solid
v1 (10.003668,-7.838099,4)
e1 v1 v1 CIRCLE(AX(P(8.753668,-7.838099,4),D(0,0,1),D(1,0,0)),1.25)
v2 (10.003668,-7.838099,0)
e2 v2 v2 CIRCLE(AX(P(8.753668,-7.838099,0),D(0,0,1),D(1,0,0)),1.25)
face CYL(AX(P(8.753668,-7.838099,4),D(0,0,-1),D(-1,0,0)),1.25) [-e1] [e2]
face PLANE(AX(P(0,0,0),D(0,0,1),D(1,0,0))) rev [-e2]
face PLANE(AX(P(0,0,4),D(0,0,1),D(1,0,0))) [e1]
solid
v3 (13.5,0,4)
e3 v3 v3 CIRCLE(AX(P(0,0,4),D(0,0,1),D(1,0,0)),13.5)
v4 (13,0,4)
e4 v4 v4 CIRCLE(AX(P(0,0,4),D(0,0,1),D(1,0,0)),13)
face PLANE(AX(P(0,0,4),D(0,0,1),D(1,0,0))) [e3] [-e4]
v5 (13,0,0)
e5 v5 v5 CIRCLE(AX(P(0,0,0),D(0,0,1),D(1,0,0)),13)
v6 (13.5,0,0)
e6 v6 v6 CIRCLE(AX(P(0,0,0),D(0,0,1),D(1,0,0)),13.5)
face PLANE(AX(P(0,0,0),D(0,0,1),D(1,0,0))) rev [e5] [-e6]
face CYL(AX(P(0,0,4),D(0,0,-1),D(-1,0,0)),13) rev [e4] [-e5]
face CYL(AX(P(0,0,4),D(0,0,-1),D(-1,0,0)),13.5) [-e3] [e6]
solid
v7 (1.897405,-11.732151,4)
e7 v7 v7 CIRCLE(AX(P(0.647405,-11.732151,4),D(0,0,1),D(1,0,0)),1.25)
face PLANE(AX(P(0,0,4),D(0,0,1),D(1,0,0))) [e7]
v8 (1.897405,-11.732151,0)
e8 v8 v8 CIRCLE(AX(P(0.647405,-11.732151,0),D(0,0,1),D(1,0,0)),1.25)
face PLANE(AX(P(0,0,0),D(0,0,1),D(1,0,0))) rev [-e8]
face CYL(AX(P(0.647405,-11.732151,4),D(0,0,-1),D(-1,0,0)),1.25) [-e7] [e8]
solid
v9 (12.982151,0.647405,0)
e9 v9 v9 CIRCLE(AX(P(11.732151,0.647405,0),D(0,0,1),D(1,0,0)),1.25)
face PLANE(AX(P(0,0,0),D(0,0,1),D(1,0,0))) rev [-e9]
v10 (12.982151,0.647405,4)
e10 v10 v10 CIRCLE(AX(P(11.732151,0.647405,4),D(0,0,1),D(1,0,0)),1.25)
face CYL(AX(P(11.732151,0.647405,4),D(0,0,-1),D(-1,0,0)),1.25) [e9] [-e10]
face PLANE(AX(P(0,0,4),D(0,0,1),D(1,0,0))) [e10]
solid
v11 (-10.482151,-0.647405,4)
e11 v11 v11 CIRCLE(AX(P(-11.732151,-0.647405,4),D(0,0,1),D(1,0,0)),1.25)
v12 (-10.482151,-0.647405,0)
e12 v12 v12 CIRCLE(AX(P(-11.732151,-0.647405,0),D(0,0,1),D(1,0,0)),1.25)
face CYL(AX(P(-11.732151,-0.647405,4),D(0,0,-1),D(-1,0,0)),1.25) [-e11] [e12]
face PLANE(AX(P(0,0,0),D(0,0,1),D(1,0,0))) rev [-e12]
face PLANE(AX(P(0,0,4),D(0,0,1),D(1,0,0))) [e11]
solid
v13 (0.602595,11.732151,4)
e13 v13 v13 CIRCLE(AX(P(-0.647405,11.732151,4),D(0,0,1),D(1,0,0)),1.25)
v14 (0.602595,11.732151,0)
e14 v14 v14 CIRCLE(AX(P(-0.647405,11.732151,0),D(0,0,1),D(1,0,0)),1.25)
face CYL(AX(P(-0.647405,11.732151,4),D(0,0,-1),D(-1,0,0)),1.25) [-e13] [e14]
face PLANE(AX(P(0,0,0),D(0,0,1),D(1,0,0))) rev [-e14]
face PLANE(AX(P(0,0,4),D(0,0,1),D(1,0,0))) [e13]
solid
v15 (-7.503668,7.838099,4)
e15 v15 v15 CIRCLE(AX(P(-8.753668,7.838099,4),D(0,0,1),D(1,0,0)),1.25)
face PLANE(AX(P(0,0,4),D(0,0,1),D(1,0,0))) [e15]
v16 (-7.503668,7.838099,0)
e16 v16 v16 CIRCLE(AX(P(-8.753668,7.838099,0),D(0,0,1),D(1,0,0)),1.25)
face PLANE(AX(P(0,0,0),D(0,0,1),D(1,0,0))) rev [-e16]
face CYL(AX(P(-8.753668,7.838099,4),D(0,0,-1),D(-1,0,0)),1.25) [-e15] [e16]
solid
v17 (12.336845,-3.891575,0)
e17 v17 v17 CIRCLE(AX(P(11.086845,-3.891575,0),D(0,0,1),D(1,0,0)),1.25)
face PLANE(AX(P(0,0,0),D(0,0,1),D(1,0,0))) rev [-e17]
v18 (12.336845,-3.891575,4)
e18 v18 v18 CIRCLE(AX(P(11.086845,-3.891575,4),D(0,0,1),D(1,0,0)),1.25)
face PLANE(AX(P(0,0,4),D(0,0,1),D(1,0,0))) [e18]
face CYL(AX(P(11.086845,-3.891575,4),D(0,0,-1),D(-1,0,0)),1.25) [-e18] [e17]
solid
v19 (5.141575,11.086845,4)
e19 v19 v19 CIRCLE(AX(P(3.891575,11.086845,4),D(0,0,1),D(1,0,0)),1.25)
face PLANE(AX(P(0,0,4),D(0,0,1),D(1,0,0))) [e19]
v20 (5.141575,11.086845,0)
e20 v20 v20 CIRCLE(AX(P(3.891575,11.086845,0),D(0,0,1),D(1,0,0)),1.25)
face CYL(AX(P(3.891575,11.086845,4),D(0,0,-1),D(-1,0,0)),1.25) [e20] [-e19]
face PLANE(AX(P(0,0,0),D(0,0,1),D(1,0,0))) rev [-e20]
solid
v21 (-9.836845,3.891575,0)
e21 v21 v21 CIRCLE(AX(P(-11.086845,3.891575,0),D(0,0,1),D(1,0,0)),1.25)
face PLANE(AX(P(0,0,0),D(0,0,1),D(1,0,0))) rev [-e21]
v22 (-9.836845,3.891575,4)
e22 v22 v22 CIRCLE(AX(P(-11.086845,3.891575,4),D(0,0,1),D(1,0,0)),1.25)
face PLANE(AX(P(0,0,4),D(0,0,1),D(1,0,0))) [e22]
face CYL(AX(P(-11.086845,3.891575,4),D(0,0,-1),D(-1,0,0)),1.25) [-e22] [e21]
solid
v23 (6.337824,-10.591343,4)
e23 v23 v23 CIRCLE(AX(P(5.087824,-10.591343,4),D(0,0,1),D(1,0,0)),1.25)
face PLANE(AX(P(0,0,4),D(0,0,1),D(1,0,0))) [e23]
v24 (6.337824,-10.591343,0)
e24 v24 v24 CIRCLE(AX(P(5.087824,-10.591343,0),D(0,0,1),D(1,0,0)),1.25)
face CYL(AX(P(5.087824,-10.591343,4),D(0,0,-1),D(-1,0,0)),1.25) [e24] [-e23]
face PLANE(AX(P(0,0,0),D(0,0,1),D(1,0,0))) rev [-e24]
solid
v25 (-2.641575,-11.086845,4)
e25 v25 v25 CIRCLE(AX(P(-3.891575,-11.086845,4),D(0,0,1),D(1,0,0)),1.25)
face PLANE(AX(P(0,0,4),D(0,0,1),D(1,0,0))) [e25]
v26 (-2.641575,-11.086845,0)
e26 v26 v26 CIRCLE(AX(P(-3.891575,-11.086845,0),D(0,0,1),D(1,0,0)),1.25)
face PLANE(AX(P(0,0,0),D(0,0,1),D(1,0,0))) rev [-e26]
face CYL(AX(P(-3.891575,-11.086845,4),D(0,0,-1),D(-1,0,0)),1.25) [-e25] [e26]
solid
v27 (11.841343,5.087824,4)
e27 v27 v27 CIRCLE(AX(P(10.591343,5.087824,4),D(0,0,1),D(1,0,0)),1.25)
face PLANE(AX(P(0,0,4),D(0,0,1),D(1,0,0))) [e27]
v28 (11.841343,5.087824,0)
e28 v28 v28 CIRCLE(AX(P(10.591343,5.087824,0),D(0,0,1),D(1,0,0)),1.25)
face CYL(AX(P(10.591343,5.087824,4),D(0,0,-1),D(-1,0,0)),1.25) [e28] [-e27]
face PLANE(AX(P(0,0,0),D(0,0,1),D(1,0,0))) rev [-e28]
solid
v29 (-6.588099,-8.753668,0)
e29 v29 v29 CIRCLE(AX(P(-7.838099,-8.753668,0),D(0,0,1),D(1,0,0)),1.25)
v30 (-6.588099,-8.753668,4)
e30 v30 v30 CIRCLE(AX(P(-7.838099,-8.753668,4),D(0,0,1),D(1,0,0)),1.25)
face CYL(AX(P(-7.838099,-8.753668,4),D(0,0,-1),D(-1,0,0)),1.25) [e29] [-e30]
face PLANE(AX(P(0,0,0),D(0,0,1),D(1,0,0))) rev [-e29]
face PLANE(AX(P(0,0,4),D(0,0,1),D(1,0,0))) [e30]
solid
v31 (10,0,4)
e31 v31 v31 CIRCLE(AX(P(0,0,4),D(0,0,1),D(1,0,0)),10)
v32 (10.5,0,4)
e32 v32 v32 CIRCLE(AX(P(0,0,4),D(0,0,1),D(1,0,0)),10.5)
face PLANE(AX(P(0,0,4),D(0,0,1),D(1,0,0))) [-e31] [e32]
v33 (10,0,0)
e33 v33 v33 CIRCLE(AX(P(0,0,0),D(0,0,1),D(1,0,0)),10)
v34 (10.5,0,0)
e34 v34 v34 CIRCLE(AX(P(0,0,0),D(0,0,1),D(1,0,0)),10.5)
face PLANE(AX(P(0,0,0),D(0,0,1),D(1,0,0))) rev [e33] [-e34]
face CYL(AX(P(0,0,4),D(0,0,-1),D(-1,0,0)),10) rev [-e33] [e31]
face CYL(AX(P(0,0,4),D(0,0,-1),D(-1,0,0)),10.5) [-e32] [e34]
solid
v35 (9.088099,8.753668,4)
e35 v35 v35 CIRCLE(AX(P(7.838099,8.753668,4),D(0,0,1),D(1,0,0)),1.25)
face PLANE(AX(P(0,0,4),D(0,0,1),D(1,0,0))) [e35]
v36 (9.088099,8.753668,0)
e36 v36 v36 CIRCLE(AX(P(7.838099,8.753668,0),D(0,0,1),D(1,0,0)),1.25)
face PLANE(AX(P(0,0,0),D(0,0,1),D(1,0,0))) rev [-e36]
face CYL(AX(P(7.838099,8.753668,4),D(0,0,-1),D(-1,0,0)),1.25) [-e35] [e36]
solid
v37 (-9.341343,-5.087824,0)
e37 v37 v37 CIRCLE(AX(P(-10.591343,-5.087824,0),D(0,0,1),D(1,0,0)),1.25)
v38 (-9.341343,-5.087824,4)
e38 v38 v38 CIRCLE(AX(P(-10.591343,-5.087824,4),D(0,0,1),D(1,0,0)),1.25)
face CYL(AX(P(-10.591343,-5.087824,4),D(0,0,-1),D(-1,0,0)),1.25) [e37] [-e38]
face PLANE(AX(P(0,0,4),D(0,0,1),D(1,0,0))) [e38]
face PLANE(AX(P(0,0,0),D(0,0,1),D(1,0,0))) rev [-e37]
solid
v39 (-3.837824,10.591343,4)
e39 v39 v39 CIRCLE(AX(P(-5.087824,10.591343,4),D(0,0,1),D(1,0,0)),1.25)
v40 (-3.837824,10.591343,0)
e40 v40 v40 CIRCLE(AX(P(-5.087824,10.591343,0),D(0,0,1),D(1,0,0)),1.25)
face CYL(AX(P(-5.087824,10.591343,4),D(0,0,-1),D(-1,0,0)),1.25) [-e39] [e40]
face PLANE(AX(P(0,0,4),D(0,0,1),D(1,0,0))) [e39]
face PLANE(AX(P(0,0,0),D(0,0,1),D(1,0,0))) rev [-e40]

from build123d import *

# Parameters (mm, degrees)
IZIM1_R                        = 13.5
Y_KSEKLIK_EKSTR_ZYON1_DEPTH    = 4
Y_KSEKLIK_EKSTR_ZYON1_2_DEPTH  = 4
Y_KSEKLIK_EKSTR_ZYON1_3_DEPTH  = 4
Y_KSEKLIK_EKSTR_ZYON1_4_DEPTH  = 4
IZIM1_R_2                      = 10
Y_KSEKLIK_EKSTR_ZYON1_5_DEPTH  = 4
Y_KSEKLIK_EKSTR_ZYON1_6_DEPTH  = 4
Y_KSEKLIK_EKSTR_ZYON1_7_DEPTH  = 4
Y_KSEKLIK_EKSTR_ZYON1_8_DEPTH  = 4
Y_KSEKLIK_EKSTR_ZYON1_9_DEPTH  = 4
Y_KSEKLIK_EKSTR_ZYON1_10_DEPTH = 4
Y_KSEKLIK_EKSTR_ZYON1_11_DEPTH = 4
Y_KSEKLIK_EKSTR_ZYON1_12_DEPTH = 4
Y_KSEKLIK_EKSTR_ZYON1_13_DEPTH = 4
Y_KSEKLIK_EKSTR_ZYON1_14_DEPTH = 4
Y_KSEKLIK_EKSTR_ZYON1_15_DEPTH = 4
Y_KSEKLIK_EKSTR_ZYON1_16_DEPTH = 4
Y_KSEKLIK_EKSTR_ZYON1_17_DEPTH = 4
Y_KSEKLIK_EKSTR_ZYON1_18_DEPTH = 4


with BuildPart() as part:
    # Çizim1 → Yükseklik-Ekstrüzyon1 (new body)
    with BuildSketch(Plane.XY):
        Circle(IZIM1_R)
        with BuildLine():
            ThreePointArc((12.980252239, 0.716276353), (12.870578905, -1.829808363), (12.266296412, -4.305574565))
            ThreePointArc((12.266296412, -4.305574565), (11.190627017, -6.615879908), (9.684908089, -8.671940689))
            ThreePointArc((9.684908089, -8.671940689), (7.807003598, -10.394743615), (5.629080339, -11.718082375))
            ThreePointArc((5.629080339, -11.718082375), (3.23483472, -12.591101792), (0.716276221, -12.980252246))
            ThreePointArc((0.716276221, -12.980252246), (-1.82980833, -12.87057891), (-4.305574379, -12.266296477))
            ThreePointArc((-4.305574379, -12.266296477), (-6.6158796, -11.1906272), (-8.671940302, -9.684908435))
            ThreePointArc((-8.671940302, -9.684908435), (-10.394743214, -7.807004131), (-11.718082022, -5.629081073))
            ThreePointArc((-11.718082022, -5.629081073), (-12.591101342, -3.234836472), (-12.980252092, -0.716279021))
            ThreePointArc((-12.980252092, -0.716279021), (-12.870579206, 1.82980625), (-12.266296941, 4.305573058))
            ThreePointArc((-12.266296941, 4.305573058), (-11.190627945, 6.615878339), (-9.684909456, 8.671939162))
            ThreePointArc((-9.684909456, 8.671939162), (-7.807005145, 10.394742453), (-5.62908198, 11.718081586))
            ThreePointArc((-5.62908198, 11.718081586), (-3.234836528, 12.591101327), (-0.716278131, 12.980252141))
            ThreePointArc((-0.716278131, 12.980252141), (1.829806548, 12.870579163), (4.305572785, 12.266297037))
            ThreePointArc((4.305572785, 12.266297037), (6.615878752, 11.190627701), (8.671940094, 9.684908622))
            ThreePointArc((8.671940094, 9.684908622), (10.394743234, 7.807004105), (11.718082172, 5.629080761))
            ThreePointArc((11.718082172, 5.629080761), (12.591101717, 3.234835011), (12.980252239, 0.716276353))
        make_face(mode=Mode.SUBTRACT)
    extrude(amount=Y_KSEKLIK_EKSTR_ZYON1_DEPTH)


with BuildPart() as body_2:
    # Çizim1 → Y_kseklik-Ekstr_zyon1 2 (new body)
    with BuildSketch(Plane.XY):
        with BuildLine():
            ThreePointArc((12.980252239, 0.716276353), (11.663278967, 1.895506486), (10.484049806, 0.578532345))
            ThreePointArc((10.484049806, 0.578532345), (11.801022976, -0.600695947), (12.980252239, 0.716276353))
        make_face()
    extrude(amount=Y_KSEKLIK_EKSTR_ZYON1_2_DEPTH)


with BuildPart() as body_3:
    # Çizim1 → Y_kseklik-Ekstr_zyon1 3 (new body)
    with BuildSketch(Plane.XY):
        with BuildLine():
            ThreePointArc((12.266296412, -4.305574565), (11.500844036, -2.712124118), (9.907393997, -3.477577345))
            ThreePointArc((9.907393997, -3.477577345), (10.672846815, -5.071026532), (12.266296412, -4.305574565))
        make_face()
    extrude(amount=Y_KSEKLIK_EKSTR_ZYON1_3_DEPTH)


with BuildPart() as body_4:
    # Çizim1 → Y_kseklik-Ekstr_zyon1 4 (new body)
    with BuildSketch(Plane.XY):
        with BuildLine():
            ThreePointArc((11.718082172, 5.629080761), (10.050085674, 6.214563218), (9.464604297, 4.546566341))
            ThreePointArc((9.464604297, 4.546566341), (11.132600094, 3.961085343), (11.718082172, 5.629080761))
        make_face()
    extrude(amount=Y_KSEKLIK_EKSTR_ZYON1_4_DEPTH)


with BuildPart() as body_5:
    # Çizim1 → Y_kseklik-Ekstr_zyon1 5 (new body)
    with BuildSketch(Plane.XY):
        with BuildLine():
            ThreePointArc((9.907393997, -3.477577345), (10.395467837, -1.477920315), (10.484049806, 0.578532345))
            ThreePointArc((10.484049806, 0.578532345), (10.169735669, 2.612752652), (9.464604297, 4.546566341))
            ThreePointArc((9.464604297, 4.546566341), (8.395753486, 6.305658046), (7.004258577, 7.822426848))
            ThreePointArc((7.004258577, 7.822426848), (5.343593908, 9.038584189), (3.477577915, 9.907393797))
            ThreePointArc((3.477577915, 9.907393797), (1.477920644, 10.39546779), (-0.578532286, 10.484049809))
            ThreePointArc((-0.578532286, 10.484049809), (-2.61275317, 10.169735536), (-4.546567359, 9.464603809))
            ThreePointArc((-4.546567359, 9.464603809), (-6.305657937, 8.395753568), (-7.822425914, 7.00425962))
            ThreePointArc((-7.822425914, 7.00425962), (-9.038584255, 5.343593796), (-9.907394347, 3.477576348))
            ThreePointArc((-9.907394347, 3.477576348), (-10.395468046, 1.477918845), (-10.4840497, -0.578534256))
            ThreePointArc((-10.4840497, -0.578534256), (-10.169735674, -2.612752632), (-9.464605144, -4.546564578))
            ThreePointArc((-9.464605144, -4.546564578), (-8.395754665, -6.305656477), (-7.004260042, -7.822425535))
            ThreePointArc((-7.004260042, -7.822425535), (-5.343593943, -9.038584168), (-3.477576136, -9.907394421))
            ThreePointArc((-3.477576136, -9.907394421), (-1.4779188, -10.395468052), (0.578534122, -10.484049708))
            ThreePointArc((0.578534122, -10.484049708), (2.61275281, -10.169735629), (4.54656503, -9.464604927))
            ThreePointArc((4.54656503, -9.464604927), (6.305657937, -8.395753568), (7.822427637, -7.004257696))
            ThreePointArc((7.822427637, -7.004257696), (9.038584644, -5.343593139), (9.907393997, -3.477577345))
        make_face()
        Circle(IZIM1_R_2, mode=Mode.SUBTRACT)
    extrude(amount=Y_KSEKLIK_EKSTR_ZYON1_5_DEPTH)


with BuildPart() as body_6:
    # Çizim1 → Y_kseklik-Ekstr_zyon1 6 (new body)
    with BuildSketch(Plane.XY):
        with BuildLine():
            ThreePointArc((7.822427637, -7.004257696), (7.91982667, -8.76933908), (9.684908089, -8.671940689))
            ThreePointArc((9.684908089, -8.671940689), (9.587509663, -6.906858627), (7.822427637, -7.004257696))
        make_face()
    extrude(amount=Y_KSEKLIK_EKSTR_ZYON1_6_DEPTH)


with BuildPart() as body_7:
    # Çizim1 → Y_kseklik-Ekstr_zyon1 7 (new body)
    with BuildSketch(Plane.XY):
        with BuildLine():
            ThreePointArc((7.004258577, 7.822426848), (8.76933974, 7.919827408), (8.671940094, 9.684908622))
            ThreePointArc((8.671940094, 9.684908622), (6.906857967, 9.587508925), (7.004258577, 7.822426848))
        make_face()
    extrude(amount=Y_KSEKLIK_EKSTR_ZYON1_7_DEPTH)


with BuildPart() as body_8:
    # Çizim1 → Y_kseklik-Ekstr_zyon1 8 (new body)
    with BuildSketch(Plane.XY):
        with BuildLine():
            ThreePointArc((4.54656503, -9.464604927), (3.961085557, -11.132600539), (5.629080339, -11.718082375))
            ThreePointArc((5.629080339, -11.718082375), (6.214563004, -10.05008523), (4.54656503, -9.464604927))
        make_face()
    extrude(amount=Y_KSEKLIK_EKSTR_ZYON1_8_DEPTH)


with BuildPart() as body_9:
    # Çizim1 → Y_kseklik-Ekstr_zyon1 9 (new body)
    with BuildSketch(Plane.XY):
        with BuildLine():
            ThreePointArc((3.477577915, 9.907393797), (5.071026945, 10.67284799), (4.305572785, 12.266297037))
            ThreePointArc((4.305572785, 12.266297037), (2.712123705, 11.500842861), (3.477577915, 9.907393797))
        make_face()
    extrude(amount=Y_KSEKLIK_EKSTR_ZYON1_9_DEPTH)


with BuildPart() as body_10:
    # Çizim1 → Y_kseklik-Ekstr_zyon1 10 (new body)
    with BuildSketch(Plane.XY):
        with BuildLine():
            ThreePointArc((0.578534122, -10.484049708), (-0.600696, -11.801022021), (0.716276221, -12.980252246))
            ThreePointArc((0.716276221, -12.980252246), (1.895506539, -11.663279922), (0.578534122, -10.484049708))
        make_face()
    extrude(amount=Y_KSEKLIK_EKSTR_ZYON1_10_DEPTH)


with BuildPart() as body_11:
    # Çizim1 → Y_kseklik-Ekstr_zyon1 11 (new body)
    with BuildSketch(Plane.XY):
        with BuildLine():
            ThreePointArc((-0.578532286, 10.484049809), (0.600695896, 11.801023894), (-0.716278131, 12.980252141))
            ThreePointArc((-0.716278131, 12.980252141), (-1.895506436, 11.663278049), (-0.578532286, 10.484049809))
        make_face()
    extrude(amount=Y_KSEKLIK_EKSTR_ZYON1_11_DEPTH)


with BuildPart() as body_12:
    # Çizim1 → Y_kseklik-Ekstr_zyon1 12 (new body)
    with BuildSketch(Plane.XY):
        with BuildLine():
            ThreePointArc((-3.477576136, -9.907394421), (-5.071026353, -10.672846304), (-4.305574379, -12.266296477))
            ThreePointArc((-4.305574379, -12.266296477), (-2.712124297, -11.500844547), (-3.477576136, -9.907394421))
        make_face()
    extrude(amount=Y_KSEKLIK_EKSTR_ZYON1_12_DEPTH)


with BuildPart() as body_13:
    # Çizim1 → Y_kseklik-Ekstr_zyon1 13 (new body)
    with BuildSketch(Plane.XY):
        with BuildLine():
            ThreePointArc((-4.546567359, 9.464603809), (-3.961085392, 11.132600195), (-5.62908198, 11.718081586))
            ThreePointArc((-5.62908198, 11.718081586), (-6.214563169, 10.050085574), (-4.546567359, 9.464603809))
        make_face()
    extrude(amount=Y_KSEKLIK_EKSTR_ZYON1_13_DEPTH)


with BuildPart() as body_14:
    # Çizim1 → Y_kseklik-Ekstr_zyon1 14 (new body)
    with BuildSketch(Plane.XY):
        with BuildLine():
            ThreePointArc((-7.004260042, -7.822425535), (-8.769340303, -7.919828036), (-8.671940302, -9.684908435))
            ThreePointArc((-8.671940302, -9.684908435), (-6.906857404, -9.587508296), (-7.004260042, -7.822425535))
        make_face()
    extrude(amount=Y_KSEKLIK_EKSTR_ZYON1_14_DEPTH)


with BuildPart() as body_15:
    # Çizim1 → Y_kseklik-Ekstr_zyon1 15 (new body)
    with BuildSketch(Plane.XY):
        with BuildLine():
            ThreePointArc((-7.822425914, 7.00425962), (-7.919828395, 8.769340625), (-9.684909456, 8.671939162))
            ThreePointArc((-9.684909456, 8.671939162), (-9.587507937, 6.906857082), (-7.822425914, 7.00425962))
        make_face()
    extrude(amount=Y_KSEKLIK_EKSTR_ZYON1_15_DEPTH)


with BuildPart() as body_16:
    # Çizim1 → Y_kseklik-Ekstr_zyon1 16 (new body)
    with BuildSketch(Plane.XY):
        with BuildLine():
            ThreePointArc((-9.464605144, -4.546564578), (-11.132601132, -3.961085842), (-11.718082022, -5.629081073))
            ThreePointArc((-11.718082022, -5.629081073), (-10.050084637, -6.214562719), (-9.464605144, -4.546564578))
        make_face()
    extrude(amount=Y_KSEKLIK_EKSTR_ZYON1_16_DEPTH)


with BuildPart() as body_17:
    # Çizim1 → Y_kseklik-Ekstr_zyon1 17 (new body)
    with BuildSketch(Plane.XY):
        with BuildLine():
            ThreePointArc((-9.907394347, 3.477576348), (-10.672847071, 5.071026622), (-12.266296941, 4.305573058))
            ThreePointArc((-12.266296941, 4.305573058), (-11.500843781, 2.712124028), (-9.907394347, 3.477576348))
        make_face()
    extrude(amount=Y_KSEKLIK_EKSTR_ZYON1_17_DEPTH)


with BuildPart() as body_18:
    # Çizim1 → Y_kseklik-Ekstr_zyon1 18 (new body)
    with BuildSketch(Plane.XY):
        with BuildLine():
            ThreePointArc((-10.4840497, -0.578534256), (-11.801023354, 0.600695926), (-12.980252092, -0.716279021))
            ThreePointArc((-12.980252092, -0.716279021), (-11.663278589, -1.895506465), (-10.4840497, -0.578534256))
        make_face()
    extrude(amount=Y_KSEKLIK_EKSTR_ZYON1_18_DEPTH)


solid = Compound([part.part, body_2.part, body_3.part, body_4.part, body_5.part, body_6.part, body_7.part, body_8.part, body_9.part, body_10.part, body_11.part, body_12.part, body_13.part, body_14.part, body_15.part, body_16.part, body_17.part, body_18.part])
